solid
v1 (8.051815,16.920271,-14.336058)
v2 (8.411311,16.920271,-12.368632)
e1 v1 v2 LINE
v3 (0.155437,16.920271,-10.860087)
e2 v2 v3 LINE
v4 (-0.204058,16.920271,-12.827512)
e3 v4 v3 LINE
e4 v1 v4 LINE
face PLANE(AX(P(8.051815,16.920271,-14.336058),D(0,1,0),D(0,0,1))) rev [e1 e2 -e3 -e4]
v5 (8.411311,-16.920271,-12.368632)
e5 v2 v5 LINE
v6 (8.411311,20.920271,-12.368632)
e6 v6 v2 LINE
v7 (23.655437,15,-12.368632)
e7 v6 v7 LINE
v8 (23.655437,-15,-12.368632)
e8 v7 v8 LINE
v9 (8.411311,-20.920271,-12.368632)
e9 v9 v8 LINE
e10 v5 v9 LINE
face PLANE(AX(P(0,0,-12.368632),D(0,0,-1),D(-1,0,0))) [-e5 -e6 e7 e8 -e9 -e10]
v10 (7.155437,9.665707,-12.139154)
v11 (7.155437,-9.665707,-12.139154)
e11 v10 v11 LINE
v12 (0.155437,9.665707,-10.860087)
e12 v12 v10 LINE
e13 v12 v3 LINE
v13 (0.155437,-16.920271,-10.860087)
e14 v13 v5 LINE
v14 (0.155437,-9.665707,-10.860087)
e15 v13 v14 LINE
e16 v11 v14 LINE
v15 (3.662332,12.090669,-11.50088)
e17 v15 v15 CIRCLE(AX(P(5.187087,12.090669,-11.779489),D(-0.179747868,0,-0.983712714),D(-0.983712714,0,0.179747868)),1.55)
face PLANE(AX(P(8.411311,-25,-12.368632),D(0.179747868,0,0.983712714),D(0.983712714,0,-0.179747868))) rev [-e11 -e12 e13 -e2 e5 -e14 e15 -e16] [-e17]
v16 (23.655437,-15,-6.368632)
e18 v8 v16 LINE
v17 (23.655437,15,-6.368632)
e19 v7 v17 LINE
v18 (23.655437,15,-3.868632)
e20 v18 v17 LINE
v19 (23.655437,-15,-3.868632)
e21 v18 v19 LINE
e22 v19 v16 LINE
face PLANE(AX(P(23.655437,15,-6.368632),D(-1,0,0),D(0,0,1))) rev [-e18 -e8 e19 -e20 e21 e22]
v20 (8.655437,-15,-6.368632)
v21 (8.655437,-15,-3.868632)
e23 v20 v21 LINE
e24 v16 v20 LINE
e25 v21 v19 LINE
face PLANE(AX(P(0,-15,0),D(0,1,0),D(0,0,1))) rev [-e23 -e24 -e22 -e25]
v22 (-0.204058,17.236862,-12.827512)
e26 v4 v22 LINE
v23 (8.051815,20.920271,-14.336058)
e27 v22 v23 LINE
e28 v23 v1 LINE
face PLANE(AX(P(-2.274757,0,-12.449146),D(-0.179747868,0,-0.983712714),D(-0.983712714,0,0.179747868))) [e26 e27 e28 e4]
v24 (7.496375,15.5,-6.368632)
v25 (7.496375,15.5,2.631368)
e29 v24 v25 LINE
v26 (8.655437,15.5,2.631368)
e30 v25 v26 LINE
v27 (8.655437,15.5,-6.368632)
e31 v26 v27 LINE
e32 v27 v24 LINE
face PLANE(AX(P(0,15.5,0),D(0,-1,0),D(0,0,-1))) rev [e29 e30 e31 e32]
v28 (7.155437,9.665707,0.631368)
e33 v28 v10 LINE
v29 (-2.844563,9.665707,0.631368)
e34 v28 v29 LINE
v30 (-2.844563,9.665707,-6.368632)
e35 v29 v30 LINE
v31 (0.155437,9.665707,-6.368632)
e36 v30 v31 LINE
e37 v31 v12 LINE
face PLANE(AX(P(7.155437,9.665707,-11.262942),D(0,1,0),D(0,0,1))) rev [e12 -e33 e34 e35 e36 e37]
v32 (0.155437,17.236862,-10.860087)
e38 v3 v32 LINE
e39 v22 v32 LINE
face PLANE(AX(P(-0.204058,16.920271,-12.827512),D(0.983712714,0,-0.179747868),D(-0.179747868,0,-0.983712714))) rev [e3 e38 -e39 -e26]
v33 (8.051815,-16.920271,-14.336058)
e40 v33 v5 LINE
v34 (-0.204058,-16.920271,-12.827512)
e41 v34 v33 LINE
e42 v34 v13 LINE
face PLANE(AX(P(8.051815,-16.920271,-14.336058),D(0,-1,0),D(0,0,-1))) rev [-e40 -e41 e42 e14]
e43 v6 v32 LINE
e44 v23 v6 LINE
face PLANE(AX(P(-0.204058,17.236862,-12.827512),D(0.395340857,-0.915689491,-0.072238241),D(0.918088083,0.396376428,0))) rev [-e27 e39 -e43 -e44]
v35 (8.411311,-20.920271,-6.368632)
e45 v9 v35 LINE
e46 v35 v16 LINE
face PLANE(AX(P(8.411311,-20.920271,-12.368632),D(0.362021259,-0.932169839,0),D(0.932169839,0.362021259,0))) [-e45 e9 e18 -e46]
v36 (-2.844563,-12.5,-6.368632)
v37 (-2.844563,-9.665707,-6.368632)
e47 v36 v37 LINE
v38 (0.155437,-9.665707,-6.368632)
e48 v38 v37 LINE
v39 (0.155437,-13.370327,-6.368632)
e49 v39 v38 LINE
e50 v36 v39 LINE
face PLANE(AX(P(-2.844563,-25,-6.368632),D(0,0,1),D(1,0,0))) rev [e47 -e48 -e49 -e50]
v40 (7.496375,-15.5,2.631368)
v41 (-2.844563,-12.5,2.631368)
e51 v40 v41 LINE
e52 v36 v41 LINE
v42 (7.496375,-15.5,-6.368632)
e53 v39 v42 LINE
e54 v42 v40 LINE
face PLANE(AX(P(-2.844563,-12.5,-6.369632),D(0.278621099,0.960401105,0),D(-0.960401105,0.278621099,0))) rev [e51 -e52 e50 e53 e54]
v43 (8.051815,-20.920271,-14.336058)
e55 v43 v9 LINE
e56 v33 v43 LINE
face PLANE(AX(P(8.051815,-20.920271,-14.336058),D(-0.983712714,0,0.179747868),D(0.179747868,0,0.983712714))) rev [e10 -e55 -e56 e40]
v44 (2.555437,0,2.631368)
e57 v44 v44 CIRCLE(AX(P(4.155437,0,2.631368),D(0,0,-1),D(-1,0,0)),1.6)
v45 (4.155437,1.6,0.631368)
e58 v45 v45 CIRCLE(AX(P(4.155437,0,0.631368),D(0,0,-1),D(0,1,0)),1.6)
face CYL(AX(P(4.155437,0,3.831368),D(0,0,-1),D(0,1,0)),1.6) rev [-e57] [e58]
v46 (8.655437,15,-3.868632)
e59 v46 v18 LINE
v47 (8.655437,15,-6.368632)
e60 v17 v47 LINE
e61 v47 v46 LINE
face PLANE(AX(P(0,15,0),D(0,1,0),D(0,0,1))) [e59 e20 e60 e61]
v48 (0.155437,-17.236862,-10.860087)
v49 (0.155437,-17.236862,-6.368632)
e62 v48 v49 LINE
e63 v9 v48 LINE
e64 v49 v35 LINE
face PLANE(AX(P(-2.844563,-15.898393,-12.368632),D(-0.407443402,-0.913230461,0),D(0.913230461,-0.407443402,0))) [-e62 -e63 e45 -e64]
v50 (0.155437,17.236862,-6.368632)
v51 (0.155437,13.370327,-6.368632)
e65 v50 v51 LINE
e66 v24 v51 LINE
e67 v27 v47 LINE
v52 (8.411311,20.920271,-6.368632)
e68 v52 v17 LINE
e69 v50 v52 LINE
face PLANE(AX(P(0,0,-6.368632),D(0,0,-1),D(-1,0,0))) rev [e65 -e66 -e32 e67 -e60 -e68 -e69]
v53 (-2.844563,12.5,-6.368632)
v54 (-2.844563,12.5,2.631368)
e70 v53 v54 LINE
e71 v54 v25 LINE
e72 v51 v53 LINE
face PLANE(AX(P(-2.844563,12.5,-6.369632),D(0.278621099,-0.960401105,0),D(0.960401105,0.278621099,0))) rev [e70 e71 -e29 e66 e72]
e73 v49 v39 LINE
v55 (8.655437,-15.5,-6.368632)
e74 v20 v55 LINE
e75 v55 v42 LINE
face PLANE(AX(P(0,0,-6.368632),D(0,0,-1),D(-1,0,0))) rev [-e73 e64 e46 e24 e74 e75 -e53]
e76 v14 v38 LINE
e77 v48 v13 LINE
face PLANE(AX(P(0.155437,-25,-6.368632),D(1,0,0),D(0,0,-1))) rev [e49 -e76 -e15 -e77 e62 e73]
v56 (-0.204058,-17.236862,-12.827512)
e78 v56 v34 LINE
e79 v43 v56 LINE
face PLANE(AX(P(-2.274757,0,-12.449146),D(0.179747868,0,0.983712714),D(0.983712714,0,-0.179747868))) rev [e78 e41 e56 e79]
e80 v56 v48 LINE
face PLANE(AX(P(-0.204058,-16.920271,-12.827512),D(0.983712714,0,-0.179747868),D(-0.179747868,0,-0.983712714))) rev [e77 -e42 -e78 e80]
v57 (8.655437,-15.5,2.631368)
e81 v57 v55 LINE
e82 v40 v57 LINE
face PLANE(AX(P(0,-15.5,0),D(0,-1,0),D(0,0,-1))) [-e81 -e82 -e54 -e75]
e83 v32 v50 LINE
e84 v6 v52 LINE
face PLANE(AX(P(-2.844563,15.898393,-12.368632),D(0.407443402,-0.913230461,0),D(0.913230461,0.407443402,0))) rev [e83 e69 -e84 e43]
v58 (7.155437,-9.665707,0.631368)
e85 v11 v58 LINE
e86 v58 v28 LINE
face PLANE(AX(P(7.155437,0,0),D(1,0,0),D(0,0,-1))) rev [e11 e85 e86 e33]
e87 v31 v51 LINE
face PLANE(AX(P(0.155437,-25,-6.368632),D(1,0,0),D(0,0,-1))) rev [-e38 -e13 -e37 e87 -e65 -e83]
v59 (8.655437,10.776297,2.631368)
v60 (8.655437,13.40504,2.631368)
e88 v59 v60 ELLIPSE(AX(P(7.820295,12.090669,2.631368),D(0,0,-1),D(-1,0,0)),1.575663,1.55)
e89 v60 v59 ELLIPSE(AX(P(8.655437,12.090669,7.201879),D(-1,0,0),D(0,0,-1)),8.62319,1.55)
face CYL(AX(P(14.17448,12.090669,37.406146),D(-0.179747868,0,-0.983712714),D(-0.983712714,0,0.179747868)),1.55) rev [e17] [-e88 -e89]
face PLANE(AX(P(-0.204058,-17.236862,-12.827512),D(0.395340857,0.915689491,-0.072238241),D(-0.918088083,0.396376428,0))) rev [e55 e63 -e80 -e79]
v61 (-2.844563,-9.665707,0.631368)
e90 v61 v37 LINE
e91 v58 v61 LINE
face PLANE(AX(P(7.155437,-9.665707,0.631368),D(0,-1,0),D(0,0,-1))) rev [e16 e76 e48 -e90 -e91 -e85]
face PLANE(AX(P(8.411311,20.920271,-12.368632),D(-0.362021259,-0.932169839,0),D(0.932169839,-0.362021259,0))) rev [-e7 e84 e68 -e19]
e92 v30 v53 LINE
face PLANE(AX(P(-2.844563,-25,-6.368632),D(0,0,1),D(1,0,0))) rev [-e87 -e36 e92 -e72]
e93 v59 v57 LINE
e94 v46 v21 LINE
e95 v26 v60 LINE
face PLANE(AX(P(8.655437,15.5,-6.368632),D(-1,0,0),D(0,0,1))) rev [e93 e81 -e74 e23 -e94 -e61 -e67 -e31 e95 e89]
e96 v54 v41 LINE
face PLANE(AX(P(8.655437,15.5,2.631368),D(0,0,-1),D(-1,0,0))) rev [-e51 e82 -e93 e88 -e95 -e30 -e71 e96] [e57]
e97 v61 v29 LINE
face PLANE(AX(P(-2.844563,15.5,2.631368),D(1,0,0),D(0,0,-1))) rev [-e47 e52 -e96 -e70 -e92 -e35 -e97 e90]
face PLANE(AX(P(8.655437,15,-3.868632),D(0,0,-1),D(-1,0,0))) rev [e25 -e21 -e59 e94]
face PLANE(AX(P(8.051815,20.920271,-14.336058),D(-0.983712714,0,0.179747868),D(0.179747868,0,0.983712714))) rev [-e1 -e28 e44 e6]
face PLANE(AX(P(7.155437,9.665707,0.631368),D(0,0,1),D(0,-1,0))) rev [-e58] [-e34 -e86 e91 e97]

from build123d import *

# Parameters (mm, degrees)
SKETCH_1_W          = 11.5
SKETCH_1_H          = 9
EXTRUDE_1_DEPTH     = 15.5
CUT_EXTRUDE_1_REACH = 21.904
CUT_EXTRUDE_3_DEPTH = 10
SKETCH_7_R          = 1.6
CUT_EXTRUDE_4_DEPTH = 3.2
SKETCH_9_W          = 15
SKETCH_9_H          = 2.5
EXTRUDE_2_DEPTH     = 15
EXTRUDE_3_DEPTH     = 6
CUT_EXTRUDE_5_DEPTH = 25
SKETCH_12_R         = 1.55
CUT_EXTRUDE_6_DEPTH = 50
EXTRUDE_4_DEPTH     = 2


with BuildPart() as part:
    # 草图1 → 凸台-拉伸1 (new, symmetric)
    with BuildSketch(Plane(origin=(0, 0, 0), x_dir=(1, 0, 0), z_dir=(0, 1, 0))):
        with Locations((2.905437314, 1.868632411)):
            Rectangle(SKETCH_1_W, SKETCH_1_H)
    extrude(amount=EXTRUDE_1_DEPTH, both=True)

    # 草图3 → 切除-拉伸1 (cut, up to next)
    with BuildSketch(Plane.XY.offset(2.631367589), mode=Mode.PRIVATE) as cut_extrude_1_sk1:
        Polygon((-2.844562686, 15.5), (-2.844562686, 12.5), (7.496374606, 15.5), align=None)
    cut_extrude_1_tool1 = extrude(cut_extrude_1_sk1.sketch, amount=-CUT_EXTRUDE_1_REACH, mode=Mode.PRIVATE) & part.part
    # 草图3 → 切除-拉伸1 (cut, up to next)
    with BuildSketch(Plane.XY.offset(2.631367589), mode=Mode.PRIVATE) as cut_extrude_1_sk2:
        Polygon((7.496374606, -15.5), (-2.844562686, -15.5), (-2.844562686, -12.5), align=None)
    cut_extrude_1_tool2 = extrude(cut_extrude_1_sk2.sketch, amount=-CUT_EXTRUDE_1_REACH, mode=Mode.PRIVATE) & part.part
    add(cut_extrude_1_tool1.solids().sort_by_distance((0.602416, 14.5, 2.631368))[0], mode=Mode.SUBTRACT)
    add(cut_extrude_1_tool2.solids().sort_by_distance((0.602416, -14.5, 2.631368))[0], mode=Mode.SUBTRACT)

    # 草图6 → 切除-拉伸3 (cut)
    with BuildSketch(Plane.ZY.offset(2.844562686)):
        Polygon((0.631367589, 9.665706569), (-6.368632411, 9.665706569), (-11.26294246, 9.665706569), (-11.26294246, -9.665706569), (-6.368632411, -9.665706569), (0.631367589, -9.665706569), align=None)
    extrude(amount=-CUT_EXTRUDE_3_DEPTH, mode=Mode.SUBTRACT)

    # 草图7 → 切除-拉伸4 (cut)
    with BuildSketch(Plane(origin=(0, 0, 0.631367589), x_dir=(-1, 0, 0), z_dir=(0, 0, -1))):
        with Locations(Location((-4.155437314, 0, 0), (0, 0, 90))):
            Circle(SKETCH_7_R)
    extrude(amount=-CUT_EXTRUDE_4_DEPTH, mode=Mode.SUBTRACT)

    # 草图9 → 凸台-拉伸2 (add, symmetric)
    with BuildSketch(Plane(origin=(0, 0, 0), x_dir=(1, 0, 0), z_dir=(0, 1, 0))):
        with Locations((16.155437314, 5.118632411)):
            Rectangle(SKETCH_9_W, SKETCH_9_H)
    extrude(amount=EXTRUDE_2_DEPTH, both=True)

    # 草图10 → 凸台-拉伸3 (add)
    with BuildSketch(Plane(origin=(0, 0, -6.368632411), x_dir=(-1, 0, 0), z_dir=(0, 0, -1))):
        Polygon((2.844562686, 9.665706569), (2.844562686, 15.89839332), (-8.411310933, 20.920270748), (-23.655437314, 15), (-23.655437314, -15), (-8.411310933, -20.920270748), (2.844562686, -15.89839332), (2.844562686, -9.665706569), (-7.155437314, -9.665706569), (-7.155437314, 9.665706569), align=None)
    extrude(amount=EXTRUDE_3_DEPTH)

    # 草图11 → 切除-拉伸5 (cut, symmetric)
    with BuildSketch(Plane(origin=(0, 0, 0), x_dir=(1, 0, 0), z_dir=(0, 1, 0))):
        Polygon((8.411310933, 12.368632411), (0.155437314, 10.860086612), (0.155437314, 6.368632411), (-2.844562686, 6.368632411), (-2.844562686, 10.368632411), (-2.844562686, 12.368632411), align=None)
    extrude(amount=CUT_EXTRUDE_5_DEPTH, both=True, mode=Mode.SUBTRACT)

    # 草图12 → 切除-拉伸6 (cut)
    with BuildSketch(Plane(origin=(-1.915261303, 0, -10.481720391), x_dir=(-0.9837127141080302, 0, 0.17974786814372187), z_dir=(-0.17974786814372187, 0, -0.9837127141080303))):
        with Locations((-7.219941257, 12.090668535)):
            Circle(SKETCH_12_R)
    extrude(amount=-CUT_EXTRUDE_6_DEPTH, mode=Mode.SUBTRACT)

    # 草图13 → 凸台-拉伸4 (add)
    with BuildSketch(Plane(origin=(-1.915261303, 0, -10.481720391), x_dir=(-0.9837127141080303, 0, 0.17974786814372185), z_dir=(-0.17974786814372182, 0, -0.9837127141080302))):
        Polygon((-10.497548815, 20.920270748), (-10.497548815, 16.920270748), (-2.104983078, 16.920270748), (-2.104983078, 17.23686182), align=None)
        Polygon((-10.497548815, -20.920270748), (-10.497548815, -16.920270748), (-2.104983078, -16.920270748), (-2.104983078, -17.23686182), align=None)
    extrude(amount=EXTRUDE_4_DEPTH)


solid = part.part
